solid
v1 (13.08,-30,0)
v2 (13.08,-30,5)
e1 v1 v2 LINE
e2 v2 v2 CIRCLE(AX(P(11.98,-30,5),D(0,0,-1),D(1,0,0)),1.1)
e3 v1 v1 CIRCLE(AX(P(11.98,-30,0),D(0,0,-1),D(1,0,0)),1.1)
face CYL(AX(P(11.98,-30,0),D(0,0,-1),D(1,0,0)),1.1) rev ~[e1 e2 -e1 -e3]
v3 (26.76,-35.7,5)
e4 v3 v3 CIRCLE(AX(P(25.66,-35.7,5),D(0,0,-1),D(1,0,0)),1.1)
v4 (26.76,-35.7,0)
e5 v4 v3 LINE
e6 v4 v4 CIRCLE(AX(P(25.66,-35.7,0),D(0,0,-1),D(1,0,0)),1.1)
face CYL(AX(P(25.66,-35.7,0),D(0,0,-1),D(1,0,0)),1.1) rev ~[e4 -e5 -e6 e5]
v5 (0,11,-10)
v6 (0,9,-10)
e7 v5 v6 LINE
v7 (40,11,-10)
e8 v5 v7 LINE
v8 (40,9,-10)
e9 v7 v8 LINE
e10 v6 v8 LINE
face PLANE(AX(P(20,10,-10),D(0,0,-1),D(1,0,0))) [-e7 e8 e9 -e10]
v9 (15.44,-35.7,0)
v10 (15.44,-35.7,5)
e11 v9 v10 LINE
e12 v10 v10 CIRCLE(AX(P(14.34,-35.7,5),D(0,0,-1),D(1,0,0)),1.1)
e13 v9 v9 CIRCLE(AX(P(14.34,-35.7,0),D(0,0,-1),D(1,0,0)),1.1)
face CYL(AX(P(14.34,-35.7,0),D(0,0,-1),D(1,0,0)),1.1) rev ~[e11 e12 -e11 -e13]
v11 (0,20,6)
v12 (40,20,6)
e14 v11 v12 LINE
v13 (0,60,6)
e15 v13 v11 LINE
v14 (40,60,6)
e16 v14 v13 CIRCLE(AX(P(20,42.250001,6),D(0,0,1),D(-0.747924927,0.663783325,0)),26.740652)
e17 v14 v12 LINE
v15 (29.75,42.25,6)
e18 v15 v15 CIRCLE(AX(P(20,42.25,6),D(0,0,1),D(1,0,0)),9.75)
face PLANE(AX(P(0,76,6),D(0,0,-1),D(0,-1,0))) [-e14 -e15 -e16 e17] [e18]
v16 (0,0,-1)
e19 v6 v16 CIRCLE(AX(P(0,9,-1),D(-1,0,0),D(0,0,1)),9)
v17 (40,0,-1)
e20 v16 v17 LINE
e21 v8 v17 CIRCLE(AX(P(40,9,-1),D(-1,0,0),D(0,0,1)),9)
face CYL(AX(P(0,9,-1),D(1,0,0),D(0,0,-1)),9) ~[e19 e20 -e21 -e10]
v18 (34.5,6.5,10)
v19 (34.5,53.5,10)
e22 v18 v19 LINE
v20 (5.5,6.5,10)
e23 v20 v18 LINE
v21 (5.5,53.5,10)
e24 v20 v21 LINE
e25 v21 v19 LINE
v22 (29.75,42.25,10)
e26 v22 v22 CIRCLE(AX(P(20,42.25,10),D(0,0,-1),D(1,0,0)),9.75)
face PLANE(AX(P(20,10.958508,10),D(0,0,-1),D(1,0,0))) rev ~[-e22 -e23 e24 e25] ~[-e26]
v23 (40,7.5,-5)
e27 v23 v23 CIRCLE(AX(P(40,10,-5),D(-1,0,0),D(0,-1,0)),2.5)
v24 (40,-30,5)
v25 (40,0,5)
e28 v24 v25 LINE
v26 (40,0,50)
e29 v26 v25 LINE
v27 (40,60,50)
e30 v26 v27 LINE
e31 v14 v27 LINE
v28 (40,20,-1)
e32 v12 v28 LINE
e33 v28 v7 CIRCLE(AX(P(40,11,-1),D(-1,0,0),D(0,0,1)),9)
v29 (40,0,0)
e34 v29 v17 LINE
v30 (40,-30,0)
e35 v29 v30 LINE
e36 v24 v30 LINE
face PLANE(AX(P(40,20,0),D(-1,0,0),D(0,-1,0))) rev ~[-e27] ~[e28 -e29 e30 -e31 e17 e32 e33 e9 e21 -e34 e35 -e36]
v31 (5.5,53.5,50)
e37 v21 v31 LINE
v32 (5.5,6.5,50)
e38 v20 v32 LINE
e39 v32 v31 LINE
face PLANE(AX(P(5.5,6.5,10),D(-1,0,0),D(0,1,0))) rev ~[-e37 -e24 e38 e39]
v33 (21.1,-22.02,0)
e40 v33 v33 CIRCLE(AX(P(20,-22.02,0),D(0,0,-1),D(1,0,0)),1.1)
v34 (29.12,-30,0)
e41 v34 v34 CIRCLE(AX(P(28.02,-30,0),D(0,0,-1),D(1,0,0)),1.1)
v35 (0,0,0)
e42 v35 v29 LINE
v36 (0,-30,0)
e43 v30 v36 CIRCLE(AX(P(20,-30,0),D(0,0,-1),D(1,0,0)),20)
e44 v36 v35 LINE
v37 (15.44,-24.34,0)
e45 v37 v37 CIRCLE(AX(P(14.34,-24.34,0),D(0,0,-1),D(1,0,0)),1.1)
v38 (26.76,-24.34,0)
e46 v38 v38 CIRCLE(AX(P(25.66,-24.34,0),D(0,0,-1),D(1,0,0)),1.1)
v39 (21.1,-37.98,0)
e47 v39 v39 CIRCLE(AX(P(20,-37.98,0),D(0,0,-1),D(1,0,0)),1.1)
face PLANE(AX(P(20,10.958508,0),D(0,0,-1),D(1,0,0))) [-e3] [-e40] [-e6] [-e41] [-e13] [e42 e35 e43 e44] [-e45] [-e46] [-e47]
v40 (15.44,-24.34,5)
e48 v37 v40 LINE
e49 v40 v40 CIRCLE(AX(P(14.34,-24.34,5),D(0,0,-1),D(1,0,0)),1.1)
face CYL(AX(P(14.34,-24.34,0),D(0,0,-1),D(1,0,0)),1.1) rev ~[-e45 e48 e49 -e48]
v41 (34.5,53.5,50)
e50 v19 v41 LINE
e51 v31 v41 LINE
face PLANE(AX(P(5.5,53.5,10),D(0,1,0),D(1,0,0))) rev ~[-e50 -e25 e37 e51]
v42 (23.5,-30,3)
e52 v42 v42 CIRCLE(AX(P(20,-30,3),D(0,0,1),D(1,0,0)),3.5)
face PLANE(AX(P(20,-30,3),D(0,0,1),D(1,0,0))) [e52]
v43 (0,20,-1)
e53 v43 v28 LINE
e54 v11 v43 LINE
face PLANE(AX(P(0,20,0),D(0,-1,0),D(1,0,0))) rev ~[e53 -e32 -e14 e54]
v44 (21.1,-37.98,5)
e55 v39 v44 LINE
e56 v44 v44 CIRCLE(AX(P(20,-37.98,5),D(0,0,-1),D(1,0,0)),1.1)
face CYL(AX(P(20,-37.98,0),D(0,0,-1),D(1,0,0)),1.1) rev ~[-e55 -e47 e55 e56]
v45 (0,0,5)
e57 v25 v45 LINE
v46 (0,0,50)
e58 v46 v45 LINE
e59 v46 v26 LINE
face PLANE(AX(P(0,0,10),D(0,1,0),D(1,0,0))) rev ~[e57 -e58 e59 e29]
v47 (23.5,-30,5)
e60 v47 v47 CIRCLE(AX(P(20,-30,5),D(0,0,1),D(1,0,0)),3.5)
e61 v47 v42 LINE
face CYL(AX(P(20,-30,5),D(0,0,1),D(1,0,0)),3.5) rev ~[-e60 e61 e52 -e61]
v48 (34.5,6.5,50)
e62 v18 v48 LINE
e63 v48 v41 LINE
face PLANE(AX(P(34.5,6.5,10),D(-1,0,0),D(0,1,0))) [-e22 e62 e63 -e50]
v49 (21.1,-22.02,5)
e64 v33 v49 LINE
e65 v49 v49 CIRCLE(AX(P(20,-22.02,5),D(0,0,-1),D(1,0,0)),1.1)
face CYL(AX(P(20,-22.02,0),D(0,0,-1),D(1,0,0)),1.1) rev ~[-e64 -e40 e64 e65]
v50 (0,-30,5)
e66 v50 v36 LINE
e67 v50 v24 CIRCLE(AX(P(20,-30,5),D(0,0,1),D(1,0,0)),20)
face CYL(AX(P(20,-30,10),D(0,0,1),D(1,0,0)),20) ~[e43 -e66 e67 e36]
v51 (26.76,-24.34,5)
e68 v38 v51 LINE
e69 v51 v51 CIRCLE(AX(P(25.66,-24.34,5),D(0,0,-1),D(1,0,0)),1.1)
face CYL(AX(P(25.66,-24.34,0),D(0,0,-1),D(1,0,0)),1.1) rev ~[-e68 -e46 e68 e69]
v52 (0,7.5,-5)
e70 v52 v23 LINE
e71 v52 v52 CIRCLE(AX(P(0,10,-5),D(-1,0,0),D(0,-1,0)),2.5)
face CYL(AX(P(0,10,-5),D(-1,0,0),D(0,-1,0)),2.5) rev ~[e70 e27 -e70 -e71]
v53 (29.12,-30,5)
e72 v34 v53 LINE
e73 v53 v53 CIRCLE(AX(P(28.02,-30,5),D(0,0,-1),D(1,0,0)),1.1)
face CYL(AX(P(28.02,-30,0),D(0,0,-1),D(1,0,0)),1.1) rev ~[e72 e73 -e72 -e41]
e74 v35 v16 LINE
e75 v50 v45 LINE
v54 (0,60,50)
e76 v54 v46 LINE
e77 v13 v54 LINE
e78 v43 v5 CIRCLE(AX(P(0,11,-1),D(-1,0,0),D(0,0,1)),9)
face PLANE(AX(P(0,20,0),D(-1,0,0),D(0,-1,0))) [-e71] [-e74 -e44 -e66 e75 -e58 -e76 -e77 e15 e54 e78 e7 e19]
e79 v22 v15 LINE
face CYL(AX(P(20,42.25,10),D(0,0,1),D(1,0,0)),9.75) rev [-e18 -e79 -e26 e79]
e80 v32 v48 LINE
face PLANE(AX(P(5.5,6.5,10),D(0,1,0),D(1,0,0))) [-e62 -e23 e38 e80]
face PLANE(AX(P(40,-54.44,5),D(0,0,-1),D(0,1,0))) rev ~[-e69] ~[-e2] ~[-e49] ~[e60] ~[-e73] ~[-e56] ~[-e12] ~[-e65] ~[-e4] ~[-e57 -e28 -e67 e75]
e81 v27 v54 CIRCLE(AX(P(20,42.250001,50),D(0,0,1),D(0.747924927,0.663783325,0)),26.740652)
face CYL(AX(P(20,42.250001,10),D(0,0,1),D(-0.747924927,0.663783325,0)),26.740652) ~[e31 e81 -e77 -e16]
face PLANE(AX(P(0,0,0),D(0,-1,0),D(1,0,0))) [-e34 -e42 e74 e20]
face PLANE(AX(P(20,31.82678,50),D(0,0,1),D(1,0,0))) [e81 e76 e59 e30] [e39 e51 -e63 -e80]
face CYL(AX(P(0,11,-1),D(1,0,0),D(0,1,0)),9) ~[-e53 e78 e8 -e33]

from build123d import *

# Parameters (mm, degrees)
SKETCH_W        = 29
SKETCH_H        = 47
PAD_DEPTH       = 40
SKETCH001_R     = 9.75
PAD001_DEPTH    = 10
SKETCH002_W     = 56
SKETCH002_H     = 6
POCKET_DEPTH    = 100
SKETCH003_W     = 54.44
SKETCH003_H     = 5.76
POCKET001_DEPTH = 40.001
SKETCH004_R     = 1.1
POCKET002_DEPTH = 5
SKETCH005_R     = 3.5
POCKET003_DEPTH = 2
SKETCH006_W     = 40
SKETCH006_H     = 20
PAD002_DEPTH    = 10
FILLET_R        = 9
FILLET001_R     = 9
SKETCH007_R     = 2.5
POCKET004_DEPTH = 40.001


with BuildPart() as part:
    # Sketch → Pad (new body)
    with BuildSketch(Plane.XY.offset(10)):
        with BuildLine():
            Line((0, 0), (40, 0))
            Line((40, 0), (40, 60))
            ThreePointArc((40, 60), (20, 68.990653), (0, 60))
            Line((0, 60), (0, 0))
        make_face()
        with Locations((20, 30)):
            Rectangle(SKETCH_W, SKETCH_H, mode=Mode.SUBTRACT)
    extrude(amount=PAD_DEPTH)

    # Sketch001 (on Face9 of Pad) → Pad001 (join)
    with BuildSketch(Plane(origin=(0, 0, 10), x_dir=(1, 0, 0), z_dir=(0, 0, -1))):
        with BuildLine():
            Line((40, -60), (40, 30))
            ThreePointArc((40, 30), (20, 50), (0, 30))
            Line((0, 30), (0, -60))
            ThreePointArc((0, -60), (20, -68.990653), (40, -60))
        make_face()
        with Locations((20, -42.25)):
            Circle(SKETCH001_R, mode=Mode.SUBTRACT)
    extrude(amount=PAD001_DEPTH)

    # Sketch002 (on Face7 of Pad001) → Pocket (cut)
    with BuildSketch(Plane(origin=(0, 0, 0), x_dir=(0, -1, 0), z_dir=(-1, 0, 0))):
        with Locations((-48, 3)):
            Rectangle(SKETCH002_W, SKETCH002_H)
    extrude(amount=-POCKET_DEPTH, mode=Mode.SUBTRACT)

    # Sketch003 (on Face8 of Pocket) → Pocket001 (cut, through all)
    with BuildSketch(Plane.YZ.offset(40)):
        with Locations((-27.22, 7.88)):
            Rectangle(SKETCH003_W, SKETCH003_H)
    extrude(amount=-POCKET001_DEPTH, mode=Mode.SUBTRACT)

    # Sketch004 (on Face12 of Pocket001) → Pocket002 (cut)
    with BuildSketch(Plane(origin=(0, 0, 0), x_dir=(1, 0, 0), z_dir=(0, 0, -1))):
        with Locations((11.98, 30)):
            Circle(SKETCH004_R)
        with Locations((14.34, 35.7)):
            Circle(SKETCH004_R)
        with Locations((20, 37.98)):
            Circle(SKETCH004_R)
        with Locations((25.66, 35.7)):
            Circle(SKETCH004_R)
        with Locations((28.02, 30)):
            Circle(SKETCH004_R)
        with Locations((25.66, 24.34)):
            Circle(SKETCH004_R)
        with Locations((20, 22.02)):
            Circle(SKETCH004_R)
        with Locations((14.34, 24.34)):
            Circle(SKETCH004_R)
    extrude(amount=-POCKET002_DEPTH, mode=Mode.SUBTRACT)

    # Sketch005 (on Face7 of Pocket002) → Pocket003 (cut)
    with BuildSketch(Plane.XY.offset(5)):
        with Locations((20, -30)):
            Circle(SKETCH005_R)
    extrude(amount=-POCKET003_DEPTH, mode=Mode.SUBTRACT)

    # Sketch006 (on Face12 of Pocket003) → Pad002 (join)
    with BuildSketch(Plane(origin=(0, 0, 0), x_dir=(1, 0, 0), z_dir=(0, 0, -1))):
        with Locations((20, -10)):
            Rectangle(SKETCH006_W, SKETCH006_H)
    extrude(amount=PAD002_DEPTH)

    # Fillet
    fillet_edges = [part.edges().sort_by_distance(p)[0] for p in [
        (20, 20, -10),
    ]]
    fillet(fillet_edges, radius=FILLET_R)

    # Fillet001
    fillet001_edges = [part.edges().sort_by_distance(p)[0] for p in [
        (20, 0, -10),
    ]]
    fillet(fillet001_edges, radius=FILLET001_R)

    # Sketch007 (on Face8 of Fillet001) → Pocket004 (cut, through all)
    with BuildSketch(Plane(origin=(0, 0, 0), x_dir=(0, -1, 0), z_dir=(-1, 0, 0))):
        with Locations((-10, -5)):
            Circle(SKETCH007_R)
    extrude(amount=-POCKET004_DEPTH, mode=Mode.SUBTRACT)


solid = part.part
